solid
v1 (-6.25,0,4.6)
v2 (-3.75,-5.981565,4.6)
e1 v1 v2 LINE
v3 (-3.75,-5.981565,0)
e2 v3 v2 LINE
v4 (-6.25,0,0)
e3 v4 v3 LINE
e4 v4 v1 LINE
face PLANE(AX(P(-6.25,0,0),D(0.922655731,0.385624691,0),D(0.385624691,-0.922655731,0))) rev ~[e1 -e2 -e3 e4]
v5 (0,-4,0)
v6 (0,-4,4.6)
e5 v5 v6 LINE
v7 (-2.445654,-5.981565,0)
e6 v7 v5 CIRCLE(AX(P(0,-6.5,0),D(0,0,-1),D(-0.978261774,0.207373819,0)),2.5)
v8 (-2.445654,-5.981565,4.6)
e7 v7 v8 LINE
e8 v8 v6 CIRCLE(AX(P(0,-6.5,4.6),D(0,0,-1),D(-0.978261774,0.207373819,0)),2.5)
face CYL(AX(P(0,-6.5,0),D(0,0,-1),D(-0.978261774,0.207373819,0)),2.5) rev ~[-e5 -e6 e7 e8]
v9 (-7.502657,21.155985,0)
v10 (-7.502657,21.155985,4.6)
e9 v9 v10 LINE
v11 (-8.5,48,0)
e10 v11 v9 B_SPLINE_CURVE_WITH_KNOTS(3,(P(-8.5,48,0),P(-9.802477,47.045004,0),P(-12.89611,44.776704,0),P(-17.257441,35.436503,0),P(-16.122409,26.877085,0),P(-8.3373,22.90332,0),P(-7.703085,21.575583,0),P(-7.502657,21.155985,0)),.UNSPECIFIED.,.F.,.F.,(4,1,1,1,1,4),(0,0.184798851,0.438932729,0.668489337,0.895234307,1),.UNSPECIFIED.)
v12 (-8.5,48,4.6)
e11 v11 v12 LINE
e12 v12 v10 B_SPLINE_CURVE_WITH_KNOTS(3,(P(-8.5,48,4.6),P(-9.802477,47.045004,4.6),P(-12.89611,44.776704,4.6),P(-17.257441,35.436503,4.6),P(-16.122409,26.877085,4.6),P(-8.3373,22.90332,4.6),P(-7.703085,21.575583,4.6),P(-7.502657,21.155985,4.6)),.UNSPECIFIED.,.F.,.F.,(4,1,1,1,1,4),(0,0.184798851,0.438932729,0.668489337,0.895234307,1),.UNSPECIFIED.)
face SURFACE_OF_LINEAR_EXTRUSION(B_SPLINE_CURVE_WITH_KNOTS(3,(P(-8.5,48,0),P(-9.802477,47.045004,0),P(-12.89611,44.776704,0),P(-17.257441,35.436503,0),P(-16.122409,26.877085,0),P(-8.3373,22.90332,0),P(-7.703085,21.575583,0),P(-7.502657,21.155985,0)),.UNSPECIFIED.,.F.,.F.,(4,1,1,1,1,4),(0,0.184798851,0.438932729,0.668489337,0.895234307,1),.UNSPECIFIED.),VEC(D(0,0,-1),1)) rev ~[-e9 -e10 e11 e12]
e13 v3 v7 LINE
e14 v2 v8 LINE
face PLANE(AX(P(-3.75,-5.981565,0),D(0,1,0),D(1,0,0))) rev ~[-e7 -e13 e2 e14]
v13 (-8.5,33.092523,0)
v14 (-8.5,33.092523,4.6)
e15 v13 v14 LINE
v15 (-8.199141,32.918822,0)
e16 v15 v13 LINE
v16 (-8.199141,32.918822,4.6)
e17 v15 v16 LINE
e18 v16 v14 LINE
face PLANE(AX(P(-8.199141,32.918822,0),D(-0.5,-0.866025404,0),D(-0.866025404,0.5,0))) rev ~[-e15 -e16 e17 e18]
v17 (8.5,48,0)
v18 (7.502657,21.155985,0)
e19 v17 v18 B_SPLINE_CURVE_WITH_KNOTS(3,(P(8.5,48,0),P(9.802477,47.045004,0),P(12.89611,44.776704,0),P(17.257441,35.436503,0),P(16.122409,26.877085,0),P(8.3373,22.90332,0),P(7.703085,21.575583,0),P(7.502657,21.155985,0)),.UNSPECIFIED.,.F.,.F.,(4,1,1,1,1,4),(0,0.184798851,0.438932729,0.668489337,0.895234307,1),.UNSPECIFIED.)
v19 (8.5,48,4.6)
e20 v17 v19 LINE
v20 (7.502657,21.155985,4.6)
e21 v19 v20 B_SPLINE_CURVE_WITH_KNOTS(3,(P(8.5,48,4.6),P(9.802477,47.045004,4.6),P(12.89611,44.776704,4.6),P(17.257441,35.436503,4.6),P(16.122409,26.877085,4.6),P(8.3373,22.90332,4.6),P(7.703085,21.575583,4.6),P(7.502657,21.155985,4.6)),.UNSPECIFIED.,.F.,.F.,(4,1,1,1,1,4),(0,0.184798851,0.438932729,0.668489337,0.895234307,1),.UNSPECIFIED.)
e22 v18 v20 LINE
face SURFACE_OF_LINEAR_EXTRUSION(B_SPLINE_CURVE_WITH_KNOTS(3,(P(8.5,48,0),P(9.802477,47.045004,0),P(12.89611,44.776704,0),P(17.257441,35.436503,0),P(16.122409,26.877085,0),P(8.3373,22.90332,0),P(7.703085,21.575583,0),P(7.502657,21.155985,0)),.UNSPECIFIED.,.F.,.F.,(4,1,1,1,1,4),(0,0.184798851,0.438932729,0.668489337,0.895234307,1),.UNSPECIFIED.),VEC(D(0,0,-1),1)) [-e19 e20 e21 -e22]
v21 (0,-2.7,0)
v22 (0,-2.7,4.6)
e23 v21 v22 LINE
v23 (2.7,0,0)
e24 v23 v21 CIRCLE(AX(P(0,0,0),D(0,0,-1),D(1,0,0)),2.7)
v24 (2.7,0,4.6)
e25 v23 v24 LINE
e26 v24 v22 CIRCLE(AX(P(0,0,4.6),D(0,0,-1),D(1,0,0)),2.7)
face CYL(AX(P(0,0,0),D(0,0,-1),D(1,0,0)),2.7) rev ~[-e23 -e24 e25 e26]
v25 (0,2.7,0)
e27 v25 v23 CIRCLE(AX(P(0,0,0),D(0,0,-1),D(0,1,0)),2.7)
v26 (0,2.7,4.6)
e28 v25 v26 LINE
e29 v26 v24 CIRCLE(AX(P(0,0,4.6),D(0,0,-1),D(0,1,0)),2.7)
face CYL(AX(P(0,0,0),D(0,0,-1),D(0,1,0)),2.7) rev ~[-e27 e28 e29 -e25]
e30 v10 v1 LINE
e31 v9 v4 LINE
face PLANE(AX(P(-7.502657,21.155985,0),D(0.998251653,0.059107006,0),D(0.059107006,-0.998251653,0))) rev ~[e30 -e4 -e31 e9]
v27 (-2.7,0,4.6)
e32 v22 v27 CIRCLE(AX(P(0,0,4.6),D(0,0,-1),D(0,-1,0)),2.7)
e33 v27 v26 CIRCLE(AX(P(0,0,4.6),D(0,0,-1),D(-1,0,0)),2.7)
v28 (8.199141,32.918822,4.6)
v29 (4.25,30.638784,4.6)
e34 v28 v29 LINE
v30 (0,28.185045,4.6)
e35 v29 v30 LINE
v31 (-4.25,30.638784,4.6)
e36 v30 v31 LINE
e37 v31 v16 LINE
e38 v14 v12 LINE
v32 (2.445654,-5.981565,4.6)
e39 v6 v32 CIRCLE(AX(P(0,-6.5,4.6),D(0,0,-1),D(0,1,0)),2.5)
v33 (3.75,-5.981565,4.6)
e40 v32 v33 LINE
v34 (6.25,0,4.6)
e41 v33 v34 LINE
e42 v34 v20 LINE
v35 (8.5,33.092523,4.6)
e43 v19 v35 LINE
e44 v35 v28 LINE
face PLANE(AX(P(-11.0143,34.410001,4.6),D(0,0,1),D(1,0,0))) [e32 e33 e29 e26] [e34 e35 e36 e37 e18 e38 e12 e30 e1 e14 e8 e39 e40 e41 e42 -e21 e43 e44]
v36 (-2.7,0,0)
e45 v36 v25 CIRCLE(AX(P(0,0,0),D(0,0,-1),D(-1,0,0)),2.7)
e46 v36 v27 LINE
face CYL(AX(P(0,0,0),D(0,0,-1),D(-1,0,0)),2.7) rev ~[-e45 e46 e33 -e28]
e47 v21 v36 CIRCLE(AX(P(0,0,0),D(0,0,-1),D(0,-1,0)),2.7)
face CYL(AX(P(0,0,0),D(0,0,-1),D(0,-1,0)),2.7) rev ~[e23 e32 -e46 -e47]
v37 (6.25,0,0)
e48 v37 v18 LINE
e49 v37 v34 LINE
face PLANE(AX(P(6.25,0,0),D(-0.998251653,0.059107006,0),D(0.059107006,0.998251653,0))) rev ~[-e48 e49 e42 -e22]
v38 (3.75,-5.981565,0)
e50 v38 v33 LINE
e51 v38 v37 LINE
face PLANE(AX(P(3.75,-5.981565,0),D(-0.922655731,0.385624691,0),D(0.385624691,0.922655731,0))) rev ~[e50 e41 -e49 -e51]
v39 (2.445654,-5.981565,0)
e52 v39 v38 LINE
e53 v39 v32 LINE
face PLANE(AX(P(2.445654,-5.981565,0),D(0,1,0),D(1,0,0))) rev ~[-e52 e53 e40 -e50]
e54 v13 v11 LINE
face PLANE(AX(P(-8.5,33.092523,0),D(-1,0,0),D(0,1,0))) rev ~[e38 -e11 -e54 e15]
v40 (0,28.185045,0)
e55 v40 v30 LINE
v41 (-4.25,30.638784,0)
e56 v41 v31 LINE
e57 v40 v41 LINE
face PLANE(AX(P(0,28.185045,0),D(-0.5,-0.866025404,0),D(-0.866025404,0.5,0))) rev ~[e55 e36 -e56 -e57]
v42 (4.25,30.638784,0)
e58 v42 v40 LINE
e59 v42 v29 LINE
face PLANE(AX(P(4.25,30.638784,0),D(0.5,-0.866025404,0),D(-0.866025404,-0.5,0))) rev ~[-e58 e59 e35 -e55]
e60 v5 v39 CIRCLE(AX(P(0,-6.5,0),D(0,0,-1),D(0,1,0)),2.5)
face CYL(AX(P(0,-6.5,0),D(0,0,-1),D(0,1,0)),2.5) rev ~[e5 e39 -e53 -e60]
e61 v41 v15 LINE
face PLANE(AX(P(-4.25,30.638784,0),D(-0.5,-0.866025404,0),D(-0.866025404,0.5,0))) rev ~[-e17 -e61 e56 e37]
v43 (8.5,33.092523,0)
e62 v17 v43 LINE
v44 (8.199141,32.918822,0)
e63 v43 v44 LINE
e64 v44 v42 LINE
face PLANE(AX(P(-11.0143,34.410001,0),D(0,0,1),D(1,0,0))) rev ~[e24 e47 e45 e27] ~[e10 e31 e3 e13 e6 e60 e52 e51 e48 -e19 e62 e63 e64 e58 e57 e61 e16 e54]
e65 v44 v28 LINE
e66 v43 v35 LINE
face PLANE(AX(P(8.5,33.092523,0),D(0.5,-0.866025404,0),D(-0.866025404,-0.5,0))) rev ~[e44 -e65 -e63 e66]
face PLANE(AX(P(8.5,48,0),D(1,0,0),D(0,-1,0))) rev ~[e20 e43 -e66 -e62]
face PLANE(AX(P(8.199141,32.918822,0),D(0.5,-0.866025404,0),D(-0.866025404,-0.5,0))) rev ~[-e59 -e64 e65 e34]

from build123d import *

# Parameters (mm, degrees)
F1_DEPTH = 4.6


with BuildPart() as f1:
    # F0 (on Top) → F1 (new body)
    with BuildSketch(Plane.XY):
        with BuildLine():
            add(Edge.make_bspline(
                [(-8.5, 48), (-9.8024770987, 47.0450035283), (-12.8961101174, 44.7767036705), (-17.2574412974, 35.4365031151), (-16.1224085544, 26.8770846678), (-8.337300297, 22.9033200888), (-7.7030849608, 21.5755830002), (-7.5026569915, 21.1559847449)],
                knots=[0, 0, 0, 0, 0.1847988509, 0.4389327287, 0.6684893369, 0.8952343073, 1, 1, 1, 1], degree=3))
            Line((-7.5026569915, 21.1559847449), (-8.1991407492, 32.9188215425))
            Line((-8.1991407492, 32.9188215425), (-8.5, 33.0925227119))
            Line((-8.5, 33.0925227119), (-8.5, 38))
            Line((-8.5, 38), (-8.5, 42.9074772881))
            Line((-8.5, 42.9074772881), (-8.5, 48))
        make_face()
        with BuildLine():
            Line((8.1991407492, 32.9188215425), (7.5026569915, 21.1559847449))
            add(Edge.make_bspline(
                [(8.5, 48), (9.8024770987, 47.0450035283), (12.8961101174, 44.7767036705), (17.2574412974, 35.4365031151), (16.1224085544, 26.8770846678), (8.337300297, 22.9033200888), (7.7030849608, 21.5755830002), (7.5026569915, 21.1559847449)],
                knots=[0, 0, 0, 0, 0.1847988509, 0.4389327287, 0.6684893369, 0.8952343073, 1, 1, 1, 1], degree=3))
            Line((8.5, 48), (8.5, 42.9074772881))
            Line((8.5, 42.9074772881), (8.5, 38))
            Line((8.5, 38), (8.5, 33.0925227119))
            Line((8.5, 33.0925227119), (8.1991407492, 32.9188215425))
        make_face()
        with BuildLine():
            ThreePointArc((0, 2.7), (1.9091883092, 1.9091883092), (2.7, 0))
            Line((2.7, 0), (6.25, 0))
            Line((6.25, 0), (7.5026569915, 21.1559847449))
            Line((7.5026569915, 21.1559847449), (8.1991407492, 32.9188215425))
            Line((8.1991407492, 32.9188215425), (4.249999944, 30.6387840355))
            Line((4.249999944, 30.6387840355), (0, 28.1850454238))
            Line((0, 28.1850454238), (0, 2.7))
        make_face()
        with BuildLine():
            ThreePointArc((-2.7, 0), (-1.9091883092, 1.9091883092), (0, 2.7))
            Line((0, 2.7), (0, 28.1850454238))
            Line((0, 28.1850454238), (-4.2500000293, 30.6387840847))
            Line((-4.2500000293, 30.6387840847), (-8.1991407492, 32.9188215425))
            Line((-8.1991407492, 32.9188215425), (-7.5026569915, 21.1559847449))
            Line((-7.5026569915, 21.1559847449), (-6.25, 0))
            Line((-6.25, 0), (-2.7, 0))
        make_face()
        with BuildLine():
            Line((6.25, 0), (2.7, 0))
            ThreePointArc((2.7, 0), (1.9091883092, -1.9091883092), (0, -2.7))
            Line((0, -2.7), (0, -4))
            ThreePointArc((0, -4), (1.5738350665, -4.5575677145), (2.4456544361, -5.9815654531))
            Line((2.4456544361, -5.9815654531), (2.5, -5.9815654531))
            Line((2.5, -5.9815654531), (3.75, -5.9815654531))
            Line((3.75, -5.9815654531), (6.25, 0))
        make_face()
        with BuildLine():
            Line((0, -4), (0, -2.7))
            ThreePointArc((0, -2.7), (-1.9091883092, -1.9091883092), (-2.7, 0))
            Line((-2.7, 0), (-6.25, 0))
            Line((-6.25, 0), (-3.75, -5.9815654531))
            Line((-3.75, -5.9815654531), (-2.5, -5.9815654531))
            Line((-2.5, -5.9815654531), (-2.4456544361, -5.9815654531))
            ThreePointArc((-2.4456544361, -5.9815654531), (-1.5738350665, -4.5575677145), (0, -4))
        make_face()
    extrude(amount=F1_DEPTH)


solid = f1.part
